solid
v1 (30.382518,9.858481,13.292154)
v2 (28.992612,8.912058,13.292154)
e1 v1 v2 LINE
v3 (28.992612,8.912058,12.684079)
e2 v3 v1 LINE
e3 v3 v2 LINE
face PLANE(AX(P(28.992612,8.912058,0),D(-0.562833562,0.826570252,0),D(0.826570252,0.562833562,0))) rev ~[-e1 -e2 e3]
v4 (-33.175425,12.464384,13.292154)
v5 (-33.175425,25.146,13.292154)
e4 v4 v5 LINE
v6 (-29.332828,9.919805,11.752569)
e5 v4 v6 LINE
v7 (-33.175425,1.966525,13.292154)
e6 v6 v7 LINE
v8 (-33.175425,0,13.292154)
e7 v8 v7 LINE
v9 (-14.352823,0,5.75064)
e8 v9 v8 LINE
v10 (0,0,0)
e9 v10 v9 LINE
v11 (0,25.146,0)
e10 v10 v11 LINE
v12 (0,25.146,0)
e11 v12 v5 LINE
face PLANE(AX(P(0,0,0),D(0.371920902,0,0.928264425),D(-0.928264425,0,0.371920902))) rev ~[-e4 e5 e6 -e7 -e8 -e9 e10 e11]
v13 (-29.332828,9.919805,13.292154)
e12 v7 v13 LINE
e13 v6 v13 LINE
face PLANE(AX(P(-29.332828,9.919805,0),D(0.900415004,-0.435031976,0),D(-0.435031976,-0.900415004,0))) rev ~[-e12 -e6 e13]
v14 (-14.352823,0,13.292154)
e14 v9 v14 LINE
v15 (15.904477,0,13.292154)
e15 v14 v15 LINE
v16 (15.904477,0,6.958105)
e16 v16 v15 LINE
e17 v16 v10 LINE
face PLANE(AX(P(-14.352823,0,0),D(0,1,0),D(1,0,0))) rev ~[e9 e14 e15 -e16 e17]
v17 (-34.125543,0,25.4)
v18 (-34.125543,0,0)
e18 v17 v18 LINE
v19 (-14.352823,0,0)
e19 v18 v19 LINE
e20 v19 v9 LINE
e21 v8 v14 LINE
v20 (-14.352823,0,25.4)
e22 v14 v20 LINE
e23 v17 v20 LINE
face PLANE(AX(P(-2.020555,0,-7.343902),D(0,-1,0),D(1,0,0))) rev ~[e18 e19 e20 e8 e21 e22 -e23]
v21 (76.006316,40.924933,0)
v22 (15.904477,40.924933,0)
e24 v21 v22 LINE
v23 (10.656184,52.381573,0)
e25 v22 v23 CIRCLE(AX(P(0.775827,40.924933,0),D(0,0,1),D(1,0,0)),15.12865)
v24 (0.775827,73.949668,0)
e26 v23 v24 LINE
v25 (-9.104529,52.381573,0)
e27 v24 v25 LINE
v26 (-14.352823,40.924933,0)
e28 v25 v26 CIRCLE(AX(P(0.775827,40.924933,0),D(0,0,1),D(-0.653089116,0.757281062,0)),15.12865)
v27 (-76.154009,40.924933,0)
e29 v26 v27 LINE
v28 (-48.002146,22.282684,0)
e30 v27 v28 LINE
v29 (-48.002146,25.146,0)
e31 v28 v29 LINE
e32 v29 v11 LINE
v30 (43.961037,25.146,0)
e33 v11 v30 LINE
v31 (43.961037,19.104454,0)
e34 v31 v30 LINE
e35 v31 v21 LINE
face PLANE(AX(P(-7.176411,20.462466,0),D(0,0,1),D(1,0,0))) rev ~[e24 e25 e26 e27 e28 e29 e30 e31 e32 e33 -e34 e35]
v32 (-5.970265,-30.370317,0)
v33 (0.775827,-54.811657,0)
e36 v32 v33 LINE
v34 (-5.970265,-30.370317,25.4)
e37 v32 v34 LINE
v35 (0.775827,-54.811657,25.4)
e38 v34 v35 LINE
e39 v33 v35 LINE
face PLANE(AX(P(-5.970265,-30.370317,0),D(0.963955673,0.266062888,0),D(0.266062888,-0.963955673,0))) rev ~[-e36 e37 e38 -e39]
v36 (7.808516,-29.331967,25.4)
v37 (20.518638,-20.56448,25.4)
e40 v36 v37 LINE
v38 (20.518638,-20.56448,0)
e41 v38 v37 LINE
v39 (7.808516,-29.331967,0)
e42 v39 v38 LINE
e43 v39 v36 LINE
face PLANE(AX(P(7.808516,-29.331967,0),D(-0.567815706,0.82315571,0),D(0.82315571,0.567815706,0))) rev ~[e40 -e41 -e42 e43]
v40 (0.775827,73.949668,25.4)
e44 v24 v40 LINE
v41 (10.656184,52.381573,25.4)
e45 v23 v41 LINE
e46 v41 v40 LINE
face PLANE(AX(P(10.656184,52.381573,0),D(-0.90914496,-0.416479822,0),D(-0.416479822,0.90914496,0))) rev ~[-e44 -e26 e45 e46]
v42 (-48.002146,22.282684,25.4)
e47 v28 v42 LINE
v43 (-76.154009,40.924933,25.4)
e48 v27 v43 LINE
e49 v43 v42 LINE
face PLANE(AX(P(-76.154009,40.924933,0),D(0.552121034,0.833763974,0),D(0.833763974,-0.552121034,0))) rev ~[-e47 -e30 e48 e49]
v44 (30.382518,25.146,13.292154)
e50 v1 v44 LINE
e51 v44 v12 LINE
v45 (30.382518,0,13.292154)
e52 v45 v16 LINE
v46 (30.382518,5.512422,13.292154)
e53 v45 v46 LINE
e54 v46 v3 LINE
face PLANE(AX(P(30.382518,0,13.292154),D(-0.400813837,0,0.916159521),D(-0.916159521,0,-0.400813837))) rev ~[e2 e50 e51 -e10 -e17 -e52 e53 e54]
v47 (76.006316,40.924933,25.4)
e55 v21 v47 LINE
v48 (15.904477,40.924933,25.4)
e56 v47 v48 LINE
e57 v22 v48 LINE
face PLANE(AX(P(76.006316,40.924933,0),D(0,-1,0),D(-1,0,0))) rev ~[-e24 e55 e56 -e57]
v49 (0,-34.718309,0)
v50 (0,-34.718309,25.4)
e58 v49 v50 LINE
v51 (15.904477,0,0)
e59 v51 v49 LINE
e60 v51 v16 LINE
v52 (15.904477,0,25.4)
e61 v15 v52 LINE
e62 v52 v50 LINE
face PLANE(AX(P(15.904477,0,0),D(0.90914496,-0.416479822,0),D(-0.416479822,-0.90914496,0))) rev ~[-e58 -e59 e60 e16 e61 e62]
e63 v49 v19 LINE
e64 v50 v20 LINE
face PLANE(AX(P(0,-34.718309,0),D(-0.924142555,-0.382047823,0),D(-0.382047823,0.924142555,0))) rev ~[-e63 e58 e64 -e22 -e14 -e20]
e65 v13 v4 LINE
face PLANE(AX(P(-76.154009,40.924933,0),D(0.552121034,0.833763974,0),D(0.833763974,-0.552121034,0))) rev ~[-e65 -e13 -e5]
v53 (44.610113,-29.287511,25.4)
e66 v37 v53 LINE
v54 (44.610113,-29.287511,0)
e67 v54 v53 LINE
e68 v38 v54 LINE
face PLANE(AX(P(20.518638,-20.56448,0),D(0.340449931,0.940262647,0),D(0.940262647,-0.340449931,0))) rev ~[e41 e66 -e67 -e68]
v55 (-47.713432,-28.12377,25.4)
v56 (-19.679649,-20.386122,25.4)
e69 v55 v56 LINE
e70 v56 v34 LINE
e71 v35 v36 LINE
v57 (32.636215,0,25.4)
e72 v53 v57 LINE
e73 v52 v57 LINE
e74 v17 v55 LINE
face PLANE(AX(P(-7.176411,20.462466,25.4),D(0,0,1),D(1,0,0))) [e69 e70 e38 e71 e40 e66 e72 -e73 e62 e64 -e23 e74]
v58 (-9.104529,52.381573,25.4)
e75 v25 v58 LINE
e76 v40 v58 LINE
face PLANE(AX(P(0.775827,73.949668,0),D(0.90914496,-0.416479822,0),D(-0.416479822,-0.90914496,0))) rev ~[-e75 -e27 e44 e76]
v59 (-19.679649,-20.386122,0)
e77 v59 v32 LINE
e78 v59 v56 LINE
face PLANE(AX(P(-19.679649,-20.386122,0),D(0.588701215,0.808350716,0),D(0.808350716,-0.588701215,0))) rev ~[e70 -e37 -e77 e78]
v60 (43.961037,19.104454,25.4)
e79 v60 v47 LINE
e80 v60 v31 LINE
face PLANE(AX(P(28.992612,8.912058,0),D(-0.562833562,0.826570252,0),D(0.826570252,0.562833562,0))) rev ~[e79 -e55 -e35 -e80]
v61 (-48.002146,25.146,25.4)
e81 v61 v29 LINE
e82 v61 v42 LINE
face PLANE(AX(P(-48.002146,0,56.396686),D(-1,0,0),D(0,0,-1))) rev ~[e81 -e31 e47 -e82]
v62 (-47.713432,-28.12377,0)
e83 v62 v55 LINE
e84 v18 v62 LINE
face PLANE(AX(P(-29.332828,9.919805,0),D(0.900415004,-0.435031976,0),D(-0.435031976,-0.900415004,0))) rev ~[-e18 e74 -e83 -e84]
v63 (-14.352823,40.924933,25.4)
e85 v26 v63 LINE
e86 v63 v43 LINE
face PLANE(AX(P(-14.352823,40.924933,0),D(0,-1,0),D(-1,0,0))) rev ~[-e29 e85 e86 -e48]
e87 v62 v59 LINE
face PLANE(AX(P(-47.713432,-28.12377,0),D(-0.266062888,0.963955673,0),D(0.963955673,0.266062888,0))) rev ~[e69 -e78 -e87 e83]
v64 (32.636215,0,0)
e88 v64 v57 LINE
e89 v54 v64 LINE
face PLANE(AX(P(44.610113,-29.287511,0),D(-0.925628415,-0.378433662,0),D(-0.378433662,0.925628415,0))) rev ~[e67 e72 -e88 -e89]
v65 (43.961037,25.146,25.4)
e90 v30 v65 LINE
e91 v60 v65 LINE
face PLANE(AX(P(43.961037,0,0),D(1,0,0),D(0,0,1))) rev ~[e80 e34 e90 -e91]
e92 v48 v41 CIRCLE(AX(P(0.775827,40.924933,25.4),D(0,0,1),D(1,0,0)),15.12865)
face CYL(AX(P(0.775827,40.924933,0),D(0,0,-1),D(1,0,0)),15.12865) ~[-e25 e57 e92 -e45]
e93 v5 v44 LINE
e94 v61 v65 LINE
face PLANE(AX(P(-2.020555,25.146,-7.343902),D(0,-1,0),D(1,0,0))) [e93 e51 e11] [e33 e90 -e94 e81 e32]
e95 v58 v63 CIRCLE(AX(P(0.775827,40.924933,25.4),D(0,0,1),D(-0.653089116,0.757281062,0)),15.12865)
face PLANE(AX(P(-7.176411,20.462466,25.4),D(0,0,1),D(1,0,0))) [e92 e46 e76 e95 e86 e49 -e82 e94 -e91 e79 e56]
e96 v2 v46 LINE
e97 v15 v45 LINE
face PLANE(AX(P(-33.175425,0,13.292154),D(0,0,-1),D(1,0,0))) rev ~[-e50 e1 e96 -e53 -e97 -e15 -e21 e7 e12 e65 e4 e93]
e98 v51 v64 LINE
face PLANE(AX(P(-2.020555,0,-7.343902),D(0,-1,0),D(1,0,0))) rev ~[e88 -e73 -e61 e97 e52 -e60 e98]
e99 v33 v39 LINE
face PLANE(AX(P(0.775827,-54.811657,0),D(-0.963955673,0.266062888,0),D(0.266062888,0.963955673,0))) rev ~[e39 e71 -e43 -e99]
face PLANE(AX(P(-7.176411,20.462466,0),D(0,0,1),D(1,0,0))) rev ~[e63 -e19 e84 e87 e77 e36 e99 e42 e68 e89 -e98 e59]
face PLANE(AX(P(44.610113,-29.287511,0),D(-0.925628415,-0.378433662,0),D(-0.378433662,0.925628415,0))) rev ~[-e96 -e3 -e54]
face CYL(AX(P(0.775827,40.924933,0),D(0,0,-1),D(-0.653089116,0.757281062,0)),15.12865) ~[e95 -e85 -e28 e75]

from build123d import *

# Parameters (mm, degrees)
F0_W     = 14.3528226763
F0_H     = 40.9249328077
F0_W_2   = 15.9044768661
F1_DEPTH = 25.4
F3_DEPTH = 36.322
F5_DEPTH = 25.146


with BuildPart() as f1:
    # F0 (on Top) → F1 (new body)
    with BuildSketch(Plane.XY):
        with Locations((-7.1764113382, 20.4624664038)):
            Rectangle(F0_W, F0_H)
        with Locations((7.9522384331, 20.4624664038)):
            Rectangle(F0_W_2, F0_H)
        Polygon((-29.3328283983, 9.9198052494), (-14.3528226763, 0), (-14.3528226763, 40.9249328077), align=None)
        Polygon((-5.9702647759, -30.3703169913), (-14.3528226763, 0), (-47.713432461, -28.1237699091), (-19.6796488017, -20.3861221671), align=None)
        Polygon((-47.713432461, -28.1237699091), (-14.3528226763, 0), (-29.3328283983, 9.9198052494), align=None)
        Polygon((0, -34.7183085978), (-14.3528226763, 0), (-5.9702647759, -30.3703169913), align=None)
        with BuildLine():
            Line((-14.3528226763, 40.9249328077), (0, 40.9249328077))
            Line((0, 40.9249328077), (15.9044768661, 40.9249328077))
            Line((15.9044768661, 40.9249328077), (10.6561835989, 52.3815727712))
            ThreePointArc((10.6561835989, 52.3815727712), (0.7758270949, 56.0535825789), (-9.1045294091, 52.3815727712))
            Line((-9.1045294091, 52.3815727712), (-14.3528226763, 40.9249328077))
        make_face()
        Polygon((28.9926118268, 8.9120575126), (15.9044768661, 0), (44.6101129055, -29.2875114828), align=None)
        Polygon((7.8085155122, -29.3319671142), (15.9044768661, 0), (0, -34.7183085978), align=None)
        Polygon((15.9044768661, 40.9249328077), (15.9044768661, 0), (28.9926118268, 8.9120575126), align=None)
        Polygon((44.6101129055, -29.2875114828), (15.9044768661, 0), (7.8085155122, -29.3319671142), (20.5186381936, -20.5644797534), align=None)
        Polygon((-29.3328283983, 9.9198052494), (-14.3528226763, 40.9249328077), (-76.1540085077, 40.9249328077), align=None)
        with BuildLine():
            ThreePointArc((-9.1045294091, 52.3815727712), (-12.9783085934, 47.2257101699), (-14.3528226763, 40.9249328077))
            Line((-14.3528226763, 40.9249328077), (-9.1045294091, 52.3815727712))
        make_face()
        Polygon((7.8085155122, -29.3319671142), (0, -34.7183085978), (-5.9702647759, -30.3703169913), (0.7758270949, -54.8116570932), align=None)
        Polygon((76.0063156486, 40.9249328077), (15.9044768661, 40.9249328077), (28.9926118268, 8.9120575126), align=None)
        with BuildLine():
            Line((10.6561835989, 52.3815727712), (15.9044768661, 40.9249328077))
            ThreePointArc((15.9044768661, 40.9249328077), (14.5299627832, 47.2257101699), (10.6561835989, 52.3815727712))
        make_face()
        with BuildLine():
            Line((0.7758270949, 73.9496676573), (-9.1045294091, 52.3815727712))
            ThreePointArc((-9.1045294091, 52.3815727712), (0.7758270949, 56.0535825789), (10.6561835989, 52.3815727712))
            Line((10.6561835989, 52.3815727712), (0.7758270949, 73.9496676573))
        make_face()
    extrude(amount=F1_DEPTH)

    # F2 (on Top) → F3 (cut)
    with BuildSketch(Plane.XY):
        Polygon((0, 17.6911037415), (0, 0), (26.803391082, 17.6601352598), align=None)
        Polygon((-27.6542542717, 17.7230553056), (0, 0), (0, 17.6911037415), align=None)
        Polygon((-44.7053313255, 28.6507476121), (-27.6542542717, 17.7230553056), (0, 17.6911037415), align=None)
        Polygon((0, 17.6911037415), (26.803391082, 17.6601352598), (43.3298423886, 28.5490322858), align=None)
        Polygon((-44.7053313255, 28.6507476121), (0, 17.6911037415), (43.3298423886, 28.5490322858), align=None)
    extrude(amount=-F3_DEPTH, mode=Mode.SUBTRACT)

    # F4 (on Front) → F5 (cut)
    with BuildSketch(Plane.XZ):
        with BuildLine():
            Line((43.9610369503, 0), (0, 0))
            Line((0, 0), (-48.0021461844, 0))
            ThreePointArc((-48.0021461844, 0), (-2.020554617, -23.4103047443), (43.9610369503, 0))
        make_face()
        Polygon((30.382517891, 13.2921541349), (0, 0), (43.9610369503, 0), (43.9610369503, 19.2326679826), align=None)
        Polygon((-48.0021461844, 0), (0, 0), (-33.1754245675, 13.2921541349), (-48.0021461844, 19.2326679826), align=None)
        Polygon((-48.0021461844, 19.2326679826), (-33.1754245675, 13.2921541349), (0, 13.2921541349), (0, 36.8990898132), align=None)
        Polygon((0, 13.2921541349), (30.382517891, 13.2921541349), (43.9610369503, 19.2326679826), (0, 36.8990898132), align=None)
        Polygon((-48.0021461844, 56.3966855407), (-48.0021461844, 19.2326679826), (0, 36.8990898132), (43.9610369503, 19.2326679826), (43.9610369503, 56.5599761903), (0, 56.3966855407), align=None)
    extrude(amount=-F5_DEPTH, mode=Mode.SUBTRACT)


solid = f1.part
